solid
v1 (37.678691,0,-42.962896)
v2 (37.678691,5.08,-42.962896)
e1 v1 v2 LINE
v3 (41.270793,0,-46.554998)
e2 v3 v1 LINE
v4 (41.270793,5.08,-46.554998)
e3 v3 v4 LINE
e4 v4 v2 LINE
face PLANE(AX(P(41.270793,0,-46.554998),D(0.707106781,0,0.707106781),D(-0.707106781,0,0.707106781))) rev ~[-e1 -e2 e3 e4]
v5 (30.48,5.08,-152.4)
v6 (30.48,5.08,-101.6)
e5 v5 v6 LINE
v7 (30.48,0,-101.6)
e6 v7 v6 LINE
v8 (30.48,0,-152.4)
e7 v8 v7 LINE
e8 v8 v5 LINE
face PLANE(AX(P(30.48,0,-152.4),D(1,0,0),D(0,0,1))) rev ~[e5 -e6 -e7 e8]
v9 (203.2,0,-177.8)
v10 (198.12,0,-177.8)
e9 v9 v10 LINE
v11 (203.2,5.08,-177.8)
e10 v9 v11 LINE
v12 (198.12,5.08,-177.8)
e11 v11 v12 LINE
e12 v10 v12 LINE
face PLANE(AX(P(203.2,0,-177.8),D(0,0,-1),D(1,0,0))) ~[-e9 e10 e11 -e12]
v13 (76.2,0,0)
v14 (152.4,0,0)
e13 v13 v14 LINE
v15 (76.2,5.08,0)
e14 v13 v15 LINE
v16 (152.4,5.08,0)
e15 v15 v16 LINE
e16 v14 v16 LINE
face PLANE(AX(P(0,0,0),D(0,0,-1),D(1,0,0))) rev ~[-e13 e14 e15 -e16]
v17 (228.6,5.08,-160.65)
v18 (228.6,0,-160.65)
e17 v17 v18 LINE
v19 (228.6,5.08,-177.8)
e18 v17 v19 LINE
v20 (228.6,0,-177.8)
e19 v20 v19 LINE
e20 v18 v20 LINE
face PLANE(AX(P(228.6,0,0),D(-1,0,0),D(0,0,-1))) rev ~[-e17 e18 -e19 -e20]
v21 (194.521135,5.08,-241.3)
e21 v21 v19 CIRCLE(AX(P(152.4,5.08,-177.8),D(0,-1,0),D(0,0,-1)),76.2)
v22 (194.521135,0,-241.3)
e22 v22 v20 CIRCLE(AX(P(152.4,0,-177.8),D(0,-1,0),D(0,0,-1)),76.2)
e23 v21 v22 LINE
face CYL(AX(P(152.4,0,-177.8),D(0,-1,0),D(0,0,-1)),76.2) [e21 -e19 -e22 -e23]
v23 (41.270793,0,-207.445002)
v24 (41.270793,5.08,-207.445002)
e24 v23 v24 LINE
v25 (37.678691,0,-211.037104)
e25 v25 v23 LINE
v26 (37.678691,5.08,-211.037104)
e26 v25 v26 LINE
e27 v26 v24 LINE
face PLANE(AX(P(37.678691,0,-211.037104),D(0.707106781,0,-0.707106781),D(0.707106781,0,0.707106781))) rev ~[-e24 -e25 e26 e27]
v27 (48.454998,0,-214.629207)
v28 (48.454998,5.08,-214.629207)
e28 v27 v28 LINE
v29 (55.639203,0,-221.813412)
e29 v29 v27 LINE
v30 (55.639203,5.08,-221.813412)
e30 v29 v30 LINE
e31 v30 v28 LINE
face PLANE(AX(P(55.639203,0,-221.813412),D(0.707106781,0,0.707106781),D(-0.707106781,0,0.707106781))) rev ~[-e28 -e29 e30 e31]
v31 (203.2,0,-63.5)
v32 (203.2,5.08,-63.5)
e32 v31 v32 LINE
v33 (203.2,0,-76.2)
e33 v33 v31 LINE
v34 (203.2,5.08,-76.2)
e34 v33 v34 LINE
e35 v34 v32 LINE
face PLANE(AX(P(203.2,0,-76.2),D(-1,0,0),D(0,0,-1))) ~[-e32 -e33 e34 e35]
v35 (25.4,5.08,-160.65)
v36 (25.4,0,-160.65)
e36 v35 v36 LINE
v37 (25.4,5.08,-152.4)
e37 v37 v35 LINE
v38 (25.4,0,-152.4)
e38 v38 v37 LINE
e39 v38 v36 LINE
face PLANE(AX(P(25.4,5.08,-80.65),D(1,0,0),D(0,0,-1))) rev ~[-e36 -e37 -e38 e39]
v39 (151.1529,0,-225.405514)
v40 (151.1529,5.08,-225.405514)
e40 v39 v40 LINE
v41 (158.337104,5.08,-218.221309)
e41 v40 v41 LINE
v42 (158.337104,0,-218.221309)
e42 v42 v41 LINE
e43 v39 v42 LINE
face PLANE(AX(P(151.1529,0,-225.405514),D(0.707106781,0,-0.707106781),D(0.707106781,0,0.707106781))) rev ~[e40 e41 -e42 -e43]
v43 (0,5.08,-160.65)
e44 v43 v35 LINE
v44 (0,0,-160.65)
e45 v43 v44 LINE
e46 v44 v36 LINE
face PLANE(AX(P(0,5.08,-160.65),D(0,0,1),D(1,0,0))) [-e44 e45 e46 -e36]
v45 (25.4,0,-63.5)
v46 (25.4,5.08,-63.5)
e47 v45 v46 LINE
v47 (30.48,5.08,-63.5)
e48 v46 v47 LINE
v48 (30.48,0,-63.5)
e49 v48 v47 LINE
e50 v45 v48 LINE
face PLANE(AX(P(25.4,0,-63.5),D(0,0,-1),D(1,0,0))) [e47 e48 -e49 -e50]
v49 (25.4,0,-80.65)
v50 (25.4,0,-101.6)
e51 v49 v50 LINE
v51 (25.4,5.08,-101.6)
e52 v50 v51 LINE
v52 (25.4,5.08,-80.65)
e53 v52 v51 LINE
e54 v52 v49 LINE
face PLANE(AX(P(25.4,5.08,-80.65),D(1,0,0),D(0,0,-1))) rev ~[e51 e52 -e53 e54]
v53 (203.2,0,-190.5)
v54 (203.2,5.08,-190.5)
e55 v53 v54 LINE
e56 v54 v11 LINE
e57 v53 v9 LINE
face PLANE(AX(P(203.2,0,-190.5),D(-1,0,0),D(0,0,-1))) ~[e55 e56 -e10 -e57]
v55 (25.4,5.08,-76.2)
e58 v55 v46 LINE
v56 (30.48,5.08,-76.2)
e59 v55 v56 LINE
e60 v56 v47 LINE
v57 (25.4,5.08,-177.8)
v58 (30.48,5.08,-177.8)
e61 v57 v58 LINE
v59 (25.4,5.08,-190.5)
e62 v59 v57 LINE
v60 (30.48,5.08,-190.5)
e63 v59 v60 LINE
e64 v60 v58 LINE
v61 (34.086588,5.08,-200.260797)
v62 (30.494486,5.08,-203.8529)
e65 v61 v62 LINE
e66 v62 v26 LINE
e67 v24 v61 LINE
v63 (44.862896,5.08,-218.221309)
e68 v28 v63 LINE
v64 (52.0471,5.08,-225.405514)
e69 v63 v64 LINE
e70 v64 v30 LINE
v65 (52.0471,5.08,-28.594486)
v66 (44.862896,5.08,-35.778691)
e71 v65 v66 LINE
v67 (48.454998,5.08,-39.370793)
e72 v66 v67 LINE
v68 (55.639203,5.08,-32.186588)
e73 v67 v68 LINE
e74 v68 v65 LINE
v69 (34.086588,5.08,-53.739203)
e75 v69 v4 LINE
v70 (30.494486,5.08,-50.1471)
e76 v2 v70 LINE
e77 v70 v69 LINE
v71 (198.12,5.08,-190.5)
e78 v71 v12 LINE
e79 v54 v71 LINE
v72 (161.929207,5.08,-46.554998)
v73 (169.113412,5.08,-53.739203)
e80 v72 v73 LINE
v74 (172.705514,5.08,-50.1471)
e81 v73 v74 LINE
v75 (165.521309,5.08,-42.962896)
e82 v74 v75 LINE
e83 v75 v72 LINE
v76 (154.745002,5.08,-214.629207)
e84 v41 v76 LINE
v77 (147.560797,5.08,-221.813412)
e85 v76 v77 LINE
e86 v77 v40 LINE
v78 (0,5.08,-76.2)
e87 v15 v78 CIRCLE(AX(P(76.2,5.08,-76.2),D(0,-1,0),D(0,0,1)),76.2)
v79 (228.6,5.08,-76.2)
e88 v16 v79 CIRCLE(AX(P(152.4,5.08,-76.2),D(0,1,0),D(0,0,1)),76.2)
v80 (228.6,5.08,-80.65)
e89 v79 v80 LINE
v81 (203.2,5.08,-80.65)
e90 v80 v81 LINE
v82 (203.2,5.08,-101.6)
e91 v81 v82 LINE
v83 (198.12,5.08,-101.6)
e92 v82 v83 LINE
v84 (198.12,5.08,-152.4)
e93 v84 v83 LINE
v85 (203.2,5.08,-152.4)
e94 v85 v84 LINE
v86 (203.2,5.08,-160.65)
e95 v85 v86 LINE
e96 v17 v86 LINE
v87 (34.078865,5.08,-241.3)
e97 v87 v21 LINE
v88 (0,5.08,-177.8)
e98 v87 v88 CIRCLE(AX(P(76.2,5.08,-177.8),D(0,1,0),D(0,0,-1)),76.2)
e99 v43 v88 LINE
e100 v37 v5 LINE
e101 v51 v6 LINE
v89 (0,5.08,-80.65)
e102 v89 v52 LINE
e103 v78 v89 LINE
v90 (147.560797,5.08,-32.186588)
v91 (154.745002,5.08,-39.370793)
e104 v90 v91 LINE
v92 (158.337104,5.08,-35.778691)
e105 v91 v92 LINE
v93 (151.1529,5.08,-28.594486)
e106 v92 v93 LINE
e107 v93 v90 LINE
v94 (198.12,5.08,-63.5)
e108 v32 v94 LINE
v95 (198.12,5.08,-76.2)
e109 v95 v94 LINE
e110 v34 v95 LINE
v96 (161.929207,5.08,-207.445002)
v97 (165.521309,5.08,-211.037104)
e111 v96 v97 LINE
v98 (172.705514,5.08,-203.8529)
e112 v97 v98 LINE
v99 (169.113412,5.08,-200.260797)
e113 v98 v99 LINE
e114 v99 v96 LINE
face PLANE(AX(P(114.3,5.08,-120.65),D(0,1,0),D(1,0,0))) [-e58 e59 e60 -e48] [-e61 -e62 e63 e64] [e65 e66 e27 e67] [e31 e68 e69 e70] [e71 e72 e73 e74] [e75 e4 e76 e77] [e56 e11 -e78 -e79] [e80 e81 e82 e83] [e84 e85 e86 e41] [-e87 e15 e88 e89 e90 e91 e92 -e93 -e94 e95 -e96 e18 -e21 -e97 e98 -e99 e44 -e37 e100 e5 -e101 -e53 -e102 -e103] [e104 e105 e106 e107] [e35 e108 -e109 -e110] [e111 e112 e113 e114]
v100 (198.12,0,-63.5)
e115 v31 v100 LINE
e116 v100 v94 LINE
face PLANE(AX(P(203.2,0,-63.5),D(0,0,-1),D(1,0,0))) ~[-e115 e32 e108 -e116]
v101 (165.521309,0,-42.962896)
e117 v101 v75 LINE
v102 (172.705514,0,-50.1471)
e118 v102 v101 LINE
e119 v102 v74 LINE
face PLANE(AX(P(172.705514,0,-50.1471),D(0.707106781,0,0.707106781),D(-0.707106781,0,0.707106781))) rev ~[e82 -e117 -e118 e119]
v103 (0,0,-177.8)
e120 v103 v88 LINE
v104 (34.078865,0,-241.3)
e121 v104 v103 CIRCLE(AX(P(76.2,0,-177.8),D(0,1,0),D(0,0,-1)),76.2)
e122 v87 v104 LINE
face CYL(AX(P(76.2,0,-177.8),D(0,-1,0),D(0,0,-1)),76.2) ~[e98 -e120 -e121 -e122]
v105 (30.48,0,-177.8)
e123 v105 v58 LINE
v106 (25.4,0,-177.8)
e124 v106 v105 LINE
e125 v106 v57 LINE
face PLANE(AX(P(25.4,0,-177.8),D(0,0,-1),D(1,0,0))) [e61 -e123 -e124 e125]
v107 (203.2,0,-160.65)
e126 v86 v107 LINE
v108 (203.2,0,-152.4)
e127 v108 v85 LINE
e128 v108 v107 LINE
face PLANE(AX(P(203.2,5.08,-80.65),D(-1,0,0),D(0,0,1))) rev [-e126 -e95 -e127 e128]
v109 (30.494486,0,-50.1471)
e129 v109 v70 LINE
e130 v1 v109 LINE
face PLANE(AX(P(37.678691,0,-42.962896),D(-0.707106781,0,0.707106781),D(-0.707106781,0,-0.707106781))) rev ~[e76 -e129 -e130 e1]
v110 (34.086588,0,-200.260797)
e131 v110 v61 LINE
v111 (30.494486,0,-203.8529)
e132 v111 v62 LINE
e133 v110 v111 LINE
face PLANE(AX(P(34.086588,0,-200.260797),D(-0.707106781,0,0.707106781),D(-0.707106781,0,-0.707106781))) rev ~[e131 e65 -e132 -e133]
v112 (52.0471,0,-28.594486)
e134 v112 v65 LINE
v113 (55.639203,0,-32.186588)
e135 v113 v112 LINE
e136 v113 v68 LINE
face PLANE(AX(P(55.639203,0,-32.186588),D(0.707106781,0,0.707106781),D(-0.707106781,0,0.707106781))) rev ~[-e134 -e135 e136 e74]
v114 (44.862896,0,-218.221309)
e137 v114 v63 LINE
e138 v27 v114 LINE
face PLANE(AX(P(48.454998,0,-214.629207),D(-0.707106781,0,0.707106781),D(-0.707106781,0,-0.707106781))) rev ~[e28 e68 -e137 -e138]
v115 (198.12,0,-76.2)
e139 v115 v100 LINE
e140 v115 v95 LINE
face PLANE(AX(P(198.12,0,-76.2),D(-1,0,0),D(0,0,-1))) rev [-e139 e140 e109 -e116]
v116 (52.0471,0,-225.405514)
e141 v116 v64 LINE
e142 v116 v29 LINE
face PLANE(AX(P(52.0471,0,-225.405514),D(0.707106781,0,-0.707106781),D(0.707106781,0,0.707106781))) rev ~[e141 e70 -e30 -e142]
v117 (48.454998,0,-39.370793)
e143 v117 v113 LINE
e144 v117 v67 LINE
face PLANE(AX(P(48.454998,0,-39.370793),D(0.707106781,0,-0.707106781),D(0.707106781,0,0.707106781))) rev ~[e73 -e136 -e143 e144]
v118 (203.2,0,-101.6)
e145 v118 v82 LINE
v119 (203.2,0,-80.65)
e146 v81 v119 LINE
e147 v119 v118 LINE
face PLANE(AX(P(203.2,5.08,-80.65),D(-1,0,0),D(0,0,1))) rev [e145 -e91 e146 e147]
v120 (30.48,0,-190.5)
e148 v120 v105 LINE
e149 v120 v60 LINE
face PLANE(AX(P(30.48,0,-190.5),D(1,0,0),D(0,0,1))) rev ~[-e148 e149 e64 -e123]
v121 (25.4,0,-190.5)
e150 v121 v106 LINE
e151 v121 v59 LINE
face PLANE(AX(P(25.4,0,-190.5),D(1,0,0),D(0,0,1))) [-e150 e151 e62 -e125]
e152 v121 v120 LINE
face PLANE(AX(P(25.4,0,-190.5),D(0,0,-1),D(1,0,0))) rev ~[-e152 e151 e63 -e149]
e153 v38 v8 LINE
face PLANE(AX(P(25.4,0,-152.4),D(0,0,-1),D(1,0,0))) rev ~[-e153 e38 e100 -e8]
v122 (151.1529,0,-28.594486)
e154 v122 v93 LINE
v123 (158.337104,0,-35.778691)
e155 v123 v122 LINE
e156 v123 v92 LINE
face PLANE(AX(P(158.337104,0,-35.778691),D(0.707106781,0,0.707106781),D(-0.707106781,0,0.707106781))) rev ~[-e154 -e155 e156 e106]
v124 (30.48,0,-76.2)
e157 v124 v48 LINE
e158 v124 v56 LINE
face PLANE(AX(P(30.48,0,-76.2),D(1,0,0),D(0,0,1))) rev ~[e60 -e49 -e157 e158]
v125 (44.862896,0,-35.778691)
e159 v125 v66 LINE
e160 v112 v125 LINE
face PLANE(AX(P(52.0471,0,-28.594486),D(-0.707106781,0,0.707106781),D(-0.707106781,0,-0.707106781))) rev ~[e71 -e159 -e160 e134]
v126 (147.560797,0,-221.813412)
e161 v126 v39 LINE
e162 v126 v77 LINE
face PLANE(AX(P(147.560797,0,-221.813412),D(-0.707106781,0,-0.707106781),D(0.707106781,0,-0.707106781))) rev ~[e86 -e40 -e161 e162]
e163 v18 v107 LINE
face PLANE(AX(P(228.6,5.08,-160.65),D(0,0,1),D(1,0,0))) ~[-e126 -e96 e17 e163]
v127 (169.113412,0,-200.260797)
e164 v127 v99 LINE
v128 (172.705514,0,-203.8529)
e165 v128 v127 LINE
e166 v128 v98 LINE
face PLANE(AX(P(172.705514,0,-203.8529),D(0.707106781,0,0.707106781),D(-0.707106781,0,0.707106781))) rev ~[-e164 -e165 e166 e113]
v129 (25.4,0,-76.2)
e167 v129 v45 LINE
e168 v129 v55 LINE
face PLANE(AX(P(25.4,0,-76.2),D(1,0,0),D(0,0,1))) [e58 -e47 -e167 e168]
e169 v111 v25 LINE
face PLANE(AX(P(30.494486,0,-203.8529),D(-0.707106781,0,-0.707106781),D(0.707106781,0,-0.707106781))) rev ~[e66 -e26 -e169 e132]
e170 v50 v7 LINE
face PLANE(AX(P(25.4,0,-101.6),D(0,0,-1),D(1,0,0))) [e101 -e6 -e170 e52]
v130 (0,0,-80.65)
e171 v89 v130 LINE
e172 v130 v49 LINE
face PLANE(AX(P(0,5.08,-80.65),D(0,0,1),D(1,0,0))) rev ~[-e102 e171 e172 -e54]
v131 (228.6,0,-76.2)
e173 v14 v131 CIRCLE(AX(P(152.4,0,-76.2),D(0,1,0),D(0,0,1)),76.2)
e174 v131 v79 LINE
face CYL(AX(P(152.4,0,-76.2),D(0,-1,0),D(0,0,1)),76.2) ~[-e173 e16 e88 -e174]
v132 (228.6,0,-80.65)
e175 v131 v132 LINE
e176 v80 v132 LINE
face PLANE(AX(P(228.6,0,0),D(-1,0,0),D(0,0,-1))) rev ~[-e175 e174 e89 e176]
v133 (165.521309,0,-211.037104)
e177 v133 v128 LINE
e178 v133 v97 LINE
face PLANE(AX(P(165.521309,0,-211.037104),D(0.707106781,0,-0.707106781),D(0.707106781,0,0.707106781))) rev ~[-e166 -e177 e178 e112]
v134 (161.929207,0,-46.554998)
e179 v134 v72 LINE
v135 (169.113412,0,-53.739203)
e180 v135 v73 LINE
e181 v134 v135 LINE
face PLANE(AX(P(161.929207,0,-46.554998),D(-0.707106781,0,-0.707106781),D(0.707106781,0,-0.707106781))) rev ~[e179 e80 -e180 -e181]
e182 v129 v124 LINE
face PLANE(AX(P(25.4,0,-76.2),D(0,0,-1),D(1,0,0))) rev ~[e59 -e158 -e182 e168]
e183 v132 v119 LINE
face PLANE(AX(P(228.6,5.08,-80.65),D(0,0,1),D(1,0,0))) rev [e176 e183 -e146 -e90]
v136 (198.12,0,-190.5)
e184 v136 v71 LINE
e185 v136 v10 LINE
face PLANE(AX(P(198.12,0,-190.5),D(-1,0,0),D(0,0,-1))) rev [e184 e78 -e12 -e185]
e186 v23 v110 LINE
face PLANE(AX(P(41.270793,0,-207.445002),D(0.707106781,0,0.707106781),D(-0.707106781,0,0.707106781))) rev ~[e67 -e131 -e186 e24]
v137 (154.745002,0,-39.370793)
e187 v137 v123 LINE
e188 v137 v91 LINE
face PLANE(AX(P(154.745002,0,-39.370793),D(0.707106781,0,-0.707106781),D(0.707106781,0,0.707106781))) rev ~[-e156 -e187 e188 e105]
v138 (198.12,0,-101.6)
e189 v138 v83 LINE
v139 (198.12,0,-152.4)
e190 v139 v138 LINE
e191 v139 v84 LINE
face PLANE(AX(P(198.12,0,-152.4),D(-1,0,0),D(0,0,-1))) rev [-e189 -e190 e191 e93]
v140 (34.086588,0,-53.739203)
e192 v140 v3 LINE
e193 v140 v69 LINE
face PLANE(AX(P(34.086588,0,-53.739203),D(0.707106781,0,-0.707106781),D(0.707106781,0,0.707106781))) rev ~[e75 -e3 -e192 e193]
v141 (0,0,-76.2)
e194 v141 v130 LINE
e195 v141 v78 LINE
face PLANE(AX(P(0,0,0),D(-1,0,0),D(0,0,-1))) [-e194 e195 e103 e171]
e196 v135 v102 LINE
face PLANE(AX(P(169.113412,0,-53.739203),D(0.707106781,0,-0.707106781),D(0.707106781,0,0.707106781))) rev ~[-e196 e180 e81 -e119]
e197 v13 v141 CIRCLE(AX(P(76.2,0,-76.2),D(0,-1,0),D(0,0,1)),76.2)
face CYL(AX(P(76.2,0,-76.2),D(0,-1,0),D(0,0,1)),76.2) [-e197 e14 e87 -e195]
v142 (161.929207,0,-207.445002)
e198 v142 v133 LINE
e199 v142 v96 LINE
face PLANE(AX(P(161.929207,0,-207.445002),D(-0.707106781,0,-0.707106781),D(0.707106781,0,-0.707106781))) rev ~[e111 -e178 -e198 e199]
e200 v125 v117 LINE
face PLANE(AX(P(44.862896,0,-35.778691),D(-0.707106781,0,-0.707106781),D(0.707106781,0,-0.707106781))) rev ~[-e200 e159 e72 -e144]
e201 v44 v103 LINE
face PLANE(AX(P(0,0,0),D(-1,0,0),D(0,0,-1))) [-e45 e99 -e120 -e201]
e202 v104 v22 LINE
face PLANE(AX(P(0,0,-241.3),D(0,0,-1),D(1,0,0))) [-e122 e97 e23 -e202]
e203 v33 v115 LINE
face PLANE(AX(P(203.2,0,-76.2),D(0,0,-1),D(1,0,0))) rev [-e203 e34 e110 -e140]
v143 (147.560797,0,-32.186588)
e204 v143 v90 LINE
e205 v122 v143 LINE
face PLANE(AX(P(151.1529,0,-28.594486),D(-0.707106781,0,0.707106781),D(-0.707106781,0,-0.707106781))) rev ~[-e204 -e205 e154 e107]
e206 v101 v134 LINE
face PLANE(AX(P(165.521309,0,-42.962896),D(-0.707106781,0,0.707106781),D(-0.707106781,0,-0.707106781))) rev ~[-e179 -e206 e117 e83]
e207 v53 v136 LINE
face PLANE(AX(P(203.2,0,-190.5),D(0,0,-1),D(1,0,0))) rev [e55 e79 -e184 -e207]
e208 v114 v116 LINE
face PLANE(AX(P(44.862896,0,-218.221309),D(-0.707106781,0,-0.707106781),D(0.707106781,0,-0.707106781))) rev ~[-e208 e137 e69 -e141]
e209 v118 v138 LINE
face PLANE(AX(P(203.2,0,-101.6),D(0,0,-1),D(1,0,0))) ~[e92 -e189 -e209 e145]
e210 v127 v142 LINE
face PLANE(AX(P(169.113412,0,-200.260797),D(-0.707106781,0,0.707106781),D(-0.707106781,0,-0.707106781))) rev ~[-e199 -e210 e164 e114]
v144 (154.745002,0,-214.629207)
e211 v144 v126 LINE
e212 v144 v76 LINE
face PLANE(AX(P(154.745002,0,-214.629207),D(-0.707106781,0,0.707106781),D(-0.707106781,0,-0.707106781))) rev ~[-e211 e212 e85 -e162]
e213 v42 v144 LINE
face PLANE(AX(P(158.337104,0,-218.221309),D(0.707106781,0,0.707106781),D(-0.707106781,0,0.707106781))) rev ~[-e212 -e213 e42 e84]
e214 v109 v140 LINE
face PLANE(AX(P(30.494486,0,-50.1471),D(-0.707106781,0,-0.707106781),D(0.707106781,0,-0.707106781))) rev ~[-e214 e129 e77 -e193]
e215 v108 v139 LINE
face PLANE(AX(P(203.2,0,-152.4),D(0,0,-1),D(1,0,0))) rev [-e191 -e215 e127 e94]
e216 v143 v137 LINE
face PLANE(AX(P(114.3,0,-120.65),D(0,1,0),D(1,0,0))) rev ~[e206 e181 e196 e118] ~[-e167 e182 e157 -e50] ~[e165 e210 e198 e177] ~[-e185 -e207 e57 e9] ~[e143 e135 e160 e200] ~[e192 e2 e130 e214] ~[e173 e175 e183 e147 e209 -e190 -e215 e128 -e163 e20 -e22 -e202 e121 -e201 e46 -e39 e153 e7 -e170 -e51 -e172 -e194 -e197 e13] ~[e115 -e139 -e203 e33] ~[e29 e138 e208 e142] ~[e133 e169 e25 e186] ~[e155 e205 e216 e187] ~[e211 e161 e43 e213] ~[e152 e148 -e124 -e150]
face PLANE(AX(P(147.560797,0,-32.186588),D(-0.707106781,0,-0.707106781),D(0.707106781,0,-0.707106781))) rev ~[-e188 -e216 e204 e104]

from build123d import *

# Parameters (mm, degrees)
SKETCH1_W            = 228.6
SKETCH1_H            = 241.3
BOSS_EXTRUDE1_DEPTH  = 5.08
SKETCH2_W            = 25.4
SKETCH2_H            = 80
CUT_EXTRUDE1_DEPTH   = 5.08
SKETCH3_W            = 5.08
SKETCH3_H            = 12.7
SKETCH3_H_2          = 50.8
CUT_EXTRUDE2_DEPTH   = 5.08
CUT_EXTRUDE3_REACH   = 7.08
CUT_EXTRUDE4_DEPTH   = 5.08
MIRROR4_COPY_1_DEPTH = 5.08


with BuildPart() as part:
    # Sketch1 → Boss-Extrude1 (new body)
    with BuildSketch(Plane(origin=(0, 0, 0), x_dir=(1, 0, 0), z_dir=(0, 1, 0))):
        with Locations((114.3, 120.65)):
            Rectangle(SKETCH1_W, SKETCH1_H)
    extrude(amount=BOSS_EXTRUDE1_DEPTH)

    # Sketch2 → Cut-Extrude1 (cut)
    with BuildSketch(Plane(origin=(0, 5.08, 0), x_dir=(1, 0, 0), z_dir=(0, 1, 0))):
        with Locations((12.7, 120.65)):
            Rectangle(SKETCH2_W, SKETCH2_H)
    cut_extrude1 = extrude(amount=-CUT_EXTRUDE1_DEPTH, mode=Mode.SUBTRACT)

    # Mirror1: Cut-Extrude1 across plane
    add(cut_extrude1.mirror(Plane.ZY.offset(-114.3)), mode=Mode.SUBTRACT)

    # Sketch3 → Cut-Extrude2 (cut)
    with BuildSketch(Plane.XZ):
        with Locations((27.94, -184.15)):
            Rectangle(SKETCH3_W, SKETCH3_H)
        with Locations((27.94, -127)):
            Rectangle(SKETCH3_W, SKETCH3_H_2)
        with Locations((27.94, -69.85)):
            Rectangle(SKETCH3_W, SKETCH3_H)
    cut_extrude2 = extrude(amount=-CUT_EXTRUDE2_DEPTH, mode=Mode.SUBTRACT)

    # Mirror2: Cut-Extrude2 across plane
    add(cut_extrude2.mirror(Plane.ZY.offset(-114.3)), mode=Mode.SUBTRACT)

    # Sketch4 → Cut-Extrude3 (cut, up to next)
    with BuildSketch(Plane.XZ, mode=Mode.PRIVATE) as cut_extrude3_sk1:
        Polygon((55.639202938, -221.813411753), (48.454998041, -214.629206856), (44.862895593, -218.221309304), (52.047100489, -225.405514201), align=None)
    cut_extrude3_tool1 = extrude(cut_extrude3_sk1.sketch, amount=-CUT_EXTRUDE3_REACH, mode=Mode.PRIVATE) & part.part
    add(cut_extrude3_tool1.solids().sort_by_distance((50.251049, 0, -220.017361))[0], mode=Mode.SUBTRACT)
    # Sketch4 → Cut-Extrude3 (cut, up to next)
    with BuildSketch(Plane.XZ, mode=Mode.PRIVATE) as cut_extrude3_sk2:
        Polygon((41.270793144, -207.445001959), (34.086588247, -200.260797062), (30.494485799, -203.852899511), (37.678690696, -211.037104407), align=None)
    cut_extrude3_tool2 = extrude(cut_extrude3_sk2.sketch, amount=-CUT_EXTRUDE3_REACH, mode=Mode.PRIVATE) & part.part
    add(cut_extrude3_tool2.solids().sort_by_distance((35.882639, 0, -205.648951))[0], mode=Mode.SUBTRACT)
    # Sketch4 → Cut-Extrude3 (cut, up to next)
    with BuildSketch(Plane.XZ, mode=Mode.PRIVATE) as cut_extrude3_sk3:
        Polygon((34.086588247, -53.739202938), (41.270793144, -46.554998041), (37.678690696, -42.962895593), (30.494485799, -50.147100489), align=None)
    cut_extrude3_tool3 = extrude(cut_extrude3_sk3.sketch, amount=-CUT_EXTRUDE3_REACH, mode=Mode.PRIVATE) & part.part
    add(cut_extrude3_tool3.solids().sort_by_distance((35.882639, 0, -48.351049))[0], mode=Mode.SUBTRACT)
    # Sketch4 → Cut-Extrude3 (cut, up to next)
    with BuildSketch(Plane.XZ, mode=Mode.PRIVATE) as cut_extrude3_sk4:
        Polygon((48.454998041, -39.370793144), (55.639202938, -32.186588247), (52.047100489, -28.594485799), (44.862895593, -35.778690696), align=None)
    cut_extrude3_tool4 = extrude(cut_extrude3_sk4.sketch, amount=-CUT_EXTRUDE3_REACH, mode=Mode.PRIVATE) & part.part
    add(cut_extrude3_tool4.solids().sort_by_distance((50.251049, 0, -33.982639))[0], mode=Mode.SUBTRACT)
    # Sketch4 → Cut-Extrude3 (cut, up to next)
    with BuildSketch(Plane.XZ, mode=Mode.PRIVATE) as cut_extrude3_sk5:
        Polygon((147.560797062, -32.186588247), (154.745001959, -39.370793144), (158.337104407, -35.778690696), (151.152899511, -28.594485799), align=None)
    cut_extrude3_tool5 = extrude(cut_extrude3_sk5.sketch, amount=-CUT_EXTRUDE3_REACH, mode=Mode.PRIVATE) & part.part
    add(cut_extrude3_tool5.solids().sort_by_distance((152.948951, 0, -33.982639))[0], mode=Mode.SUBTRACT)
    # Sketch4 → Cut-Extrude3 (cut, up to next)
    with BuildSketch(Plane.XZ, mode=Mode.PRIVATE) as cut_extrude3_sk6:
        Polygon((161.929206856, -46.554998041), (169.113411753, -53.739202938), (172.705514201, -50.147100489), (165.521309304, -42.962895593), align=None)
    cut_extrude3_tool6 = extrude(cut_extrude3_sk6.sketch, amount=-CUT_EXTRUDE3_REACH, mode=Mode.PRIVATE) & part.part
    add(cut_extrude3_tool6.solids().sort_by_distance((167.317361, 0, -48.351049))[0], mode=Mode.SUBTRACT)
    # Sketch4 → Cut-Extrude3 (cut, up to next)
    with BuildSketch(Plane.XZ, mode=Mode.PRIVATE) as cut_extrude3_sk7:
        Polygon((154.745001959, -214.629206856), (147.560797062, -221.813411753), (151.152899511, -225.405514201), (158.337104407, -218.221309304), align=None)
    cut_extrude3_tool7 = extrude(cut_extrude3_sk7.sketch, amount=-CUT_EXTRUDE3_REACH, mode=Mode.PRIVATE) & part.part
    add(cut_extrude3_tool7.solids().sort_by_distance((152.948951, 0, -220.017361))[0], mode=Mode.SUBTRACT)
    # Sketch4 → Cut-Extrude3 (cut, up to next)
    with BuildSketch(Plane.XZ, mode=Mode.PRIVATE) as cut_extrude3_sk8:
        Polygon((169.113411753, -200.260797062), (161.929206856, -207.445001959), (165.521309304, -211.037104407), (172.705514201, -203.852899511), align=None)
    cut_extrude3_tool8 = extrude(cut_extrude3_sk8.sketch, amount=-CUT_EXTRUDE3_REACH, mode=Mode.PRIVATE) & part.part
    add(cut_extrude3_tool8.solids().sort_by_distance((167.317361, 0, -205.648951))[0], mode=Mode.SUBTRACT)

    # Sketch5 → Cut-Extrude4 (cut)
    with BuildSketch(Plane.XZ):
        with BuildLine():
            Line((0, -76.2), (0, 0))
            Line((0, 0), (76.2, 0))
            ThreePointArc((76.2, 0), (22.318463274, -22.318463274), (0, -76.2))
        make_face()
    cut_extrude4 = extrude(amount=-CUT_EXTRUDE4_DEPTH, mode=Mode.SUBTRACT)

    # Mirror3: Cut-Extrude4 across plane
    add(cut_extrude4.mirror(Plane.ZY.offset(-114.3)), mode=Mode.SUBTRACT)

    # Mirror4: Cut-Extrude4 across plane
    add(cut_extrude4.mirror(Plane.XY.offset(-127)), mode=Mode.SUBTRACT)

    # Mirror4 copy 1 sketch → Mirror4 copy 1 (cut)
    with BuildSketch(Plane(origin=(228.6, 0, -254), x_dir=(-1, 0, 0), z_dir=(0, -1, 0))):
        with BuildLine():
            Line((0, -76.2), (0, 0))
            Line((0, 0), (76.2, 0))
            ThreePointArc((76.2, 0), (22.318463274, -22.318463274), (0, -76.2))
        make_face()
    extrude(amount=-MIRROR4_COPY_1_DEPTH, mode=Mode.SUBTRACT)


solid = part.part
